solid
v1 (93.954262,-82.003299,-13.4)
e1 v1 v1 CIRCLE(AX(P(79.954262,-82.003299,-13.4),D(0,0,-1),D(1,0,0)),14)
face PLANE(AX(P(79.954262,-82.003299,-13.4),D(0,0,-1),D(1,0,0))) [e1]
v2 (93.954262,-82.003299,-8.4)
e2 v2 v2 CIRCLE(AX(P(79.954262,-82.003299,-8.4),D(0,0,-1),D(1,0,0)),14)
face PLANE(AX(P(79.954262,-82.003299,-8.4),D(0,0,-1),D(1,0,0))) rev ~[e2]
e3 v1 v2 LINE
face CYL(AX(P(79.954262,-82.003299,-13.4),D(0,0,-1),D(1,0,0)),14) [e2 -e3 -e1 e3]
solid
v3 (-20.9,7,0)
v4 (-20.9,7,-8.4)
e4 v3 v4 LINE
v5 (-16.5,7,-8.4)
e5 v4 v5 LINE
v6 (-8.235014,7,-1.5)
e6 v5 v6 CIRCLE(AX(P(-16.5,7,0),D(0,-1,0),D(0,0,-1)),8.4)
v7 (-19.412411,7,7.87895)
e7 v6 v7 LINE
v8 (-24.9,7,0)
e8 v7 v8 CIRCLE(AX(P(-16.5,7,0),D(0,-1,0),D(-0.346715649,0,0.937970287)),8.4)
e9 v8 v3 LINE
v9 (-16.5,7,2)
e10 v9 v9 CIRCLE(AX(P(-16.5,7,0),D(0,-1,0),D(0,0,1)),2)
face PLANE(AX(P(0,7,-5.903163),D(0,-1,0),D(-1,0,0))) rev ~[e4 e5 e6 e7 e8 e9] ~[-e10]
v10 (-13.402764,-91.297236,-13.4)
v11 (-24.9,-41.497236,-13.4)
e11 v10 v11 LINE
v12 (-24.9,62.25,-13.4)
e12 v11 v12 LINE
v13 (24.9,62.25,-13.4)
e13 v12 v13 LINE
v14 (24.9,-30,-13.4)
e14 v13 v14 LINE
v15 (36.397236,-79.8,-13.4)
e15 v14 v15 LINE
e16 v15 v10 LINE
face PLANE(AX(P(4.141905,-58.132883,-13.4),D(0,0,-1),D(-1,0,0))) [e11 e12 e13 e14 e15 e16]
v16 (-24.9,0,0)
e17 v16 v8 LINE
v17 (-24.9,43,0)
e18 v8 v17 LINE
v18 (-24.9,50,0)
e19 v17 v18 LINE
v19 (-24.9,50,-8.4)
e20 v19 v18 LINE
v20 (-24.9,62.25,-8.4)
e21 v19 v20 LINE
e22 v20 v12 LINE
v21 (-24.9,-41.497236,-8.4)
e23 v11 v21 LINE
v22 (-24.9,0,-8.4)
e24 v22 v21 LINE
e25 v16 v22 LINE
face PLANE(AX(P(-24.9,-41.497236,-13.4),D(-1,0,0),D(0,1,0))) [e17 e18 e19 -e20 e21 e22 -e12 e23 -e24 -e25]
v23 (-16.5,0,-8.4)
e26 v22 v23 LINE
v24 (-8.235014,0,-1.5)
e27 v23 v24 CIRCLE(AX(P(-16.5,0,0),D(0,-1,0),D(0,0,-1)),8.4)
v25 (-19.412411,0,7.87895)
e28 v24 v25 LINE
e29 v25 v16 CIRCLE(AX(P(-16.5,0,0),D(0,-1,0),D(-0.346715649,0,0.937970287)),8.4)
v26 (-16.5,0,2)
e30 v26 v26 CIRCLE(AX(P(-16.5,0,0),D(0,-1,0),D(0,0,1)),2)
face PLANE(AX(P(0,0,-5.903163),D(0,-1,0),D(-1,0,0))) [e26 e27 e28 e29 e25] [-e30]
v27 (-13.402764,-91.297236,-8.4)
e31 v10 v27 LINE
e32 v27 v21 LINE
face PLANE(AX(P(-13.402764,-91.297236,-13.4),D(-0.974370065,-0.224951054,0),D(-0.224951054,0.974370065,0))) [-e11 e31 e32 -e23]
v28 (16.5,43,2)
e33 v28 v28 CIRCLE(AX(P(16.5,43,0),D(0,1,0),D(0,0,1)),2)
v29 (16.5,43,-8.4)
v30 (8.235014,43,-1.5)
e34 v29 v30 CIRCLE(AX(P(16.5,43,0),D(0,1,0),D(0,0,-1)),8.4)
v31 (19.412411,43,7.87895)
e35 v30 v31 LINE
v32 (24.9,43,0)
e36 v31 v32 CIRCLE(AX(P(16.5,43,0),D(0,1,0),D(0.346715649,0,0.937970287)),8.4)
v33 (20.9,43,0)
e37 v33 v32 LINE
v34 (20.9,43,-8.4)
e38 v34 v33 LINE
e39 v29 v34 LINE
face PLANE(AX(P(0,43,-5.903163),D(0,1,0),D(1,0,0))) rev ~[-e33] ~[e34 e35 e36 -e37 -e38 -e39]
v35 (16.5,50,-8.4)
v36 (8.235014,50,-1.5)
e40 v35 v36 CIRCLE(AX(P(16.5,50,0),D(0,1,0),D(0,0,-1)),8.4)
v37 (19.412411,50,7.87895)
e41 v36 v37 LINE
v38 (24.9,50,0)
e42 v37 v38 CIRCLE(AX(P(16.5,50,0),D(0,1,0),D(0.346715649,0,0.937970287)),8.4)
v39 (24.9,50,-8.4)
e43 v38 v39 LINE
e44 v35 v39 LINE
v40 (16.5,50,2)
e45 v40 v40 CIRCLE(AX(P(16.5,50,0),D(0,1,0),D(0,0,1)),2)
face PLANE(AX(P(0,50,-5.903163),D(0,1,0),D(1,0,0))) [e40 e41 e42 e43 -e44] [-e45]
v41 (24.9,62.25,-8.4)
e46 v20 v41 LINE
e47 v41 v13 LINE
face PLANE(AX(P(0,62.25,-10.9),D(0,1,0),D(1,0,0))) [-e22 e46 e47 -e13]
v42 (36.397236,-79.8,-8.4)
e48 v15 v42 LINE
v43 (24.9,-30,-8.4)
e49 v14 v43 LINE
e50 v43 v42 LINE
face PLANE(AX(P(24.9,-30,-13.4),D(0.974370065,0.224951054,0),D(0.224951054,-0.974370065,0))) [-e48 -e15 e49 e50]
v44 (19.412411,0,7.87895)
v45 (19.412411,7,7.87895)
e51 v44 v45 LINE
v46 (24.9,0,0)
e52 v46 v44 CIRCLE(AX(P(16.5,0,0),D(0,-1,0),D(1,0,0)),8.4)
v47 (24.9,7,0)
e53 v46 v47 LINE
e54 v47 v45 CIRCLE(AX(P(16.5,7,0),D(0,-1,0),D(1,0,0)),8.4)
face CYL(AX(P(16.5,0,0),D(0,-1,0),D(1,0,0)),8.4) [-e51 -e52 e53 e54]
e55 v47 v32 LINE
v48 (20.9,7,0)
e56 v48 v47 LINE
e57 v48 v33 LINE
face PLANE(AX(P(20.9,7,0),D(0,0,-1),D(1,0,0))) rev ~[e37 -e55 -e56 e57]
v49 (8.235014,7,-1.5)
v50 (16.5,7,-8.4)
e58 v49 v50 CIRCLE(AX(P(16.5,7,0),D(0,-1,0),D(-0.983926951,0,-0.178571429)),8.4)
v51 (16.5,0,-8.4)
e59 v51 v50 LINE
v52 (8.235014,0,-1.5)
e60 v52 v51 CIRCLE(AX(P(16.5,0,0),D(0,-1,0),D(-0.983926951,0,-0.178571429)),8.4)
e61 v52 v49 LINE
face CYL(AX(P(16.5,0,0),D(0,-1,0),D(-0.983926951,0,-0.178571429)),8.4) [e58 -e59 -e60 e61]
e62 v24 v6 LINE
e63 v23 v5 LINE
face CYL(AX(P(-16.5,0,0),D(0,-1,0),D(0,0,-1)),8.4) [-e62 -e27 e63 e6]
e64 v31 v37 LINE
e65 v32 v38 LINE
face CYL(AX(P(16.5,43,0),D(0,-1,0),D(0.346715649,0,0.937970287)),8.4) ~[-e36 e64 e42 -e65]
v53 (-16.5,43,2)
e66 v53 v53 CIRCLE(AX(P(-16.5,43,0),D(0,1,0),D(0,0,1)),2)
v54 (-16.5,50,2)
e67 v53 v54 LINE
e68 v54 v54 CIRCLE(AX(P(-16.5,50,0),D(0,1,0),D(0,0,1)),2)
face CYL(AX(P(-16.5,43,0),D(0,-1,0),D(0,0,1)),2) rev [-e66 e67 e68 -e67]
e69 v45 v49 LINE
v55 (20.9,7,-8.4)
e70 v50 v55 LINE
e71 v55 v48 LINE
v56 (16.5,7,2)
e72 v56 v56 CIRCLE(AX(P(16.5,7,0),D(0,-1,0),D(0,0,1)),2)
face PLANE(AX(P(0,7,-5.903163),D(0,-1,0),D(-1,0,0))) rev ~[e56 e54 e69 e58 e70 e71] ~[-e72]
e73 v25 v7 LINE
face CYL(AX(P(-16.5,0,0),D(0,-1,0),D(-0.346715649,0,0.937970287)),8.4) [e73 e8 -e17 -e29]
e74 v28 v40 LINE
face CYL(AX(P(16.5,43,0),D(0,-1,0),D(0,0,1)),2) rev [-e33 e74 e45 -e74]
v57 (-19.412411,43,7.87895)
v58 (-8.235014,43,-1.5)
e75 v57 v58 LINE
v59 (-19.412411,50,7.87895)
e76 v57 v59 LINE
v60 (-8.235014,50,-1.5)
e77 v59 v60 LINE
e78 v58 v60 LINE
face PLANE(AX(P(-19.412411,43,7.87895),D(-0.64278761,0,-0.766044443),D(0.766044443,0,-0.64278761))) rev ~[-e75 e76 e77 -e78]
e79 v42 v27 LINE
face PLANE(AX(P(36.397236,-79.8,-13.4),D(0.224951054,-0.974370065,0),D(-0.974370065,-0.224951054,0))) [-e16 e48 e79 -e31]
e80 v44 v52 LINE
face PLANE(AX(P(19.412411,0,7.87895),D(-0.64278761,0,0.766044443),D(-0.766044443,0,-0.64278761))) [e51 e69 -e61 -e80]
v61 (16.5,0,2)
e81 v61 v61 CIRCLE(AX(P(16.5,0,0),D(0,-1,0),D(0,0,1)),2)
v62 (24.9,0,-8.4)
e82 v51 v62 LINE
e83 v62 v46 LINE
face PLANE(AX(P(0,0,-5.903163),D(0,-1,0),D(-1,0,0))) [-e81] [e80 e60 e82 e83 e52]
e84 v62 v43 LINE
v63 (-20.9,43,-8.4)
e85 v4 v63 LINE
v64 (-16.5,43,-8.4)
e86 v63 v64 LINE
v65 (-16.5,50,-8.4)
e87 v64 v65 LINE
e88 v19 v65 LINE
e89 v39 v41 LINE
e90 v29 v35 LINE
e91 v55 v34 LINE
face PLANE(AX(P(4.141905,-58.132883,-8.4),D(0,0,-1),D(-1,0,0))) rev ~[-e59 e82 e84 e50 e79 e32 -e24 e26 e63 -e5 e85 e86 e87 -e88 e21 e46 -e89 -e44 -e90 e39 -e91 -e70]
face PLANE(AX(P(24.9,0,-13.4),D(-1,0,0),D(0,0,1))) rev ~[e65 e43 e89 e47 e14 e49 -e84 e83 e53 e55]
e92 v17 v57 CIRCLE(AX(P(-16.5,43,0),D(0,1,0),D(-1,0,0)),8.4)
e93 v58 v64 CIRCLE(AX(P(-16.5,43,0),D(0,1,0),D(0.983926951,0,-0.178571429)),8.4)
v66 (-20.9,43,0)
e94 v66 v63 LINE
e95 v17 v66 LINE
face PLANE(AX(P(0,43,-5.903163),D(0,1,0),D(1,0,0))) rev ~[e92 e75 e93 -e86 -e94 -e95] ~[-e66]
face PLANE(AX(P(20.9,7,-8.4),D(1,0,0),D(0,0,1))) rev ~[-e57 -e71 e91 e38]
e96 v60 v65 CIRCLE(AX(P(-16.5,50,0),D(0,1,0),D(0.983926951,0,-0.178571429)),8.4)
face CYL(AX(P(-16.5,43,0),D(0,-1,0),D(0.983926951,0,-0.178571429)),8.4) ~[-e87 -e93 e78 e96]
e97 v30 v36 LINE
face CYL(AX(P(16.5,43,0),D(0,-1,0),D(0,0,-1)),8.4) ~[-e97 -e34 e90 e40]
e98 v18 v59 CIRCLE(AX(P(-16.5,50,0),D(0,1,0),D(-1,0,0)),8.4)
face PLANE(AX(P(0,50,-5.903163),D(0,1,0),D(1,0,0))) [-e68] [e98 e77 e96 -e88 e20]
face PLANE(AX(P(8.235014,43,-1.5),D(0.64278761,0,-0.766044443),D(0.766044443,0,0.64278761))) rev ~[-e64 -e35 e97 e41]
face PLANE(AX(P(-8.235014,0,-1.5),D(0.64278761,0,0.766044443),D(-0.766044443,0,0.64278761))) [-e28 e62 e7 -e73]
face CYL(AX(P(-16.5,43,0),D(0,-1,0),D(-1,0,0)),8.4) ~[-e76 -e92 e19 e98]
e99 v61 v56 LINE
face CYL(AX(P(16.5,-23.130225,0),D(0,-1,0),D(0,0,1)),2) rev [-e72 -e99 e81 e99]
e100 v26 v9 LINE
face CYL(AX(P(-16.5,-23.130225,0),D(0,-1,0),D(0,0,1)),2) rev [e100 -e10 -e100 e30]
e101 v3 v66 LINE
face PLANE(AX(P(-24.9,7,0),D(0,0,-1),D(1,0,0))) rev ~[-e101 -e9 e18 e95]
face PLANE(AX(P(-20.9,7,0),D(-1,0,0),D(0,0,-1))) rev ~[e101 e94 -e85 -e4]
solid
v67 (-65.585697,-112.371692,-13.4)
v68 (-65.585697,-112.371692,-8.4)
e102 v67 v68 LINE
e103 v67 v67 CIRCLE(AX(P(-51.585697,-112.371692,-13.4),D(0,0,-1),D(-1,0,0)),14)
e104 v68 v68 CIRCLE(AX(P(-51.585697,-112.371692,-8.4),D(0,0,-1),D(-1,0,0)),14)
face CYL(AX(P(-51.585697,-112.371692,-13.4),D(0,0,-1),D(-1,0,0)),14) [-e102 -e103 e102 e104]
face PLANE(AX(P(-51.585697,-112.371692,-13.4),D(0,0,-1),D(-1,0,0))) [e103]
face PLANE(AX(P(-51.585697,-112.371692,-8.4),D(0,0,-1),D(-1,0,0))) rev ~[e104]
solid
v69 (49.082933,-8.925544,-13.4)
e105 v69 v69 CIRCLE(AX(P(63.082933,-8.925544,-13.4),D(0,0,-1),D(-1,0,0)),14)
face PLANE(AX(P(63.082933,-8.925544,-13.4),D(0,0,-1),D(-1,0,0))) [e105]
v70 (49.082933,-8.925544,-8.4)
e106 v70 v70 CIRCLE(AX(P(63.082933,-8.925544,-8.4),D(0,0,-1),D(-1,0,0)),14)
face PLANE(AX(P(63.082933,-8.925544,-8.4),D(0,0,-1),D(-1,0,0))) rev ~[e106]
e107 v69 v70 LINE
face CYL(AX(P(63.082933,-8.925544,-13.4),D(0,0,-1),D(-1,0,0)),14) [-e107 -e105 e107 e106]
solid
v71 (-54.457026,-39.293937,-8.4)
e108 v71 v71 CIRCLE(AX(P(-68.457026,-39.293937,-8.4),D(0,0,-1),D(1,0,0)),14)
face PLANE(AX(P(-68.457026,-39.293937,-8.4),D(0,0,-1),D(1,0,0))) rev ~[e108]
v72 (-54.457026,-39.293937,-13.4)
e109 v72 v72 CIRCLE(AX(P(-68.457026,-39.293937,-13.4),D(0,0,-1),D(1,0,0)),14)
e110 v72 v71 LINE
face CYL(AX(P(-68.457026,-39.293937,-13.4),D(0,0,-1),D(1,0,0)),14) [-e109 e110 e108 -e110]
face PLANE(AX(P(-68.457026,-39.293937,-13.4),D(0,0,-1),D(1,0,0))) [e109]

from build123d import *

# Parameters (mm, degrees)
BOSS_EXTRUDE2_DEPTH     = 7
CUT_EXTRUDE2_DEPTH      = 30.130224853
CUT_EXTRUDE2_DEPTH_BACK = 30.130224853
SKETCH3_R               = 2
BOSS_EXTRUDE3_DEPTH     = 36
SKETCH5_R               = 2
BOSS_EXTRUDE4_DEPTH     = 7
SKETCH13_W              = 49.8
SKETCH13_H              = 5
BOSS_EXTRUDE6_DEPTH     = 12.25
SKETCH15_W              = 49.8
SKETCH15_H              = 5
BOSS_EXTRUDE7_DEPTH     = 30
SKETCH12_R              = 14
BOSS_EXTRUDE8_DEPTH     = 5


with BuildPart() as part:
    # Sketch1 → Boss-Extrude2 (new body)
    with BuildSketch(Plane(origin=(0, 0, 0), x_dir=(1, 0, 0), z_dir=(0, 1, 0))):
        with BuildLine():
            Line((-24.9, 0), (-24.9, 13.4))
            Line((-24.9, 13.4), (24.9, 13.4))
            Line((24.9, 13.4), (24.9, 0))
            ThreePointArc((24.9, 0), (23.392904185, -4.800819919), (19.412411454, -7.878950407))
            Line((19.412411454, -7.878950407), (8.235013612, 1.5))
            ThreePointArc((8.235013612, 1.5), (11.116692467, 6.448255578), (16.5, 8.4))
            Line((16.5, 8.4), (-16.5, 8.4))
            ThreePointArc((-16.5, 8.4), (-11.116692467, 6.448255578), (-8.235013612, 1.5))
            Line((-8.235013612, 1.5), (-19.412411454, -7.878950407))
            ThreePointArc((-19.412411454, -7.878950407), (-23.392904185, -4.800819919), (-24.9, 0))
        make_face()
    extrude(amount=BOSS_EXTRUDE2_DEPTH)

    # Sketch3 → Cut-Extrude2 (cut, two sides: drawn at the far end of the back side and taken through both)
    with BuildSketch(Plane(origin=(0, 7, 0), x_dir=(1, 0, 0), z_dir=(0, 1, 0)).offset(-CUT_EXTRUDE2_DEPTH_BACK)):
        with Locations(Location((-16.5, 0, 0), (0, 0, 270))):
            Circle(SKETCH3_R)
        with Locations(Location((16.5, 0, 0), (0, 0, 270))):
            Circle(SKETCH3_R)
    extrude(amount=CUT_EXTRUDE2_DEPTH + CUT_EXTRUDE2_DEPTH_BACK, mode=Mode.SUBTRACT)

    # Sketch4 → Boss-Extrude3 (add)
    with BuildSketch(Plane(origin=(0, 7, 0), x_dir=(1, 0, 0), z_dir=(0, 1, 0))):
        Polygon((-24.9, 13.4), (-24.9, 0), (-20.9, 0), (-20.9, 8.4), (-16.5, 8.4), (16.5, 8.4), (20.9, 8.4), (20.9, 0), (24.9, 0), (24.9, 13.4), align=None)
    extrude(amount=BOSS_EXTRUDE3_DEPTH)

    # Sketch5 → Boss-Extrude4 (add)
    with BuildSketch(Plane(origin=(0, 43, 0), x_dir=(1, 0, 0), z_dir=(0, 1, 0))):
        with BuildLine():
            Line((-24.9, 13.4), (-24.9, 0))
            ThreePointArc((-24.9, 0), (-23.392904185, -4.800819919), (-19.412411454, -7.878950407))
            Line((-19.412411454, -7.878950407), (-8.235013612, 1.5))
            ThreePointArc((-8.235013612, 1.5), (-11.116692467, 6.448255578), (-16.5, 8.4))
            Line((-16.5, 8.4), (16.5, 8.4))
            ThreePointArc((16.5, 8.4), (11.116692467, 6.448255578), (8.235013612, 1.5))
            Line((8.235013612, 1.5), (19.412411454, -7.878950407))
            ThreePointArc((19.412411454, -7.878950407), (23.392904185, -4.800819919), (24.9, 0))
            Line((24.9, 0), (24.9, 13.4))
            Line((24.9, 13.4), (-24.9, 13.4))
        make_face()
        with Locations(Location((16.5, 0, 0), (0, 0, 270))):
            Circle(SKETCH5_R, mode=Mode.SUBTRACT)
        with Locations(Location((-16.5, 0, 0), (0, 0, 270))):
            Circle(SKETCH5_R, mode=Mode.SUBTRACT)
    extrude(amount=BOSS_EXTRUDE4_DEPTH)

    # Sketch13 → Boss-Extrude6 (add)
    with BuildSketch(Plane(origin=(0, 50, 0), x_dir=(1, 0, 0), z_dir=(0, 1, 0))):
        with Locations((0, 10.9)):
            Rectangle(SKETCH13_W, SKETCH13_H)
    extrude(amount=BOSS_EXTRUDE6_DEPTH)

    # Sketch15 → Boss-Extrude7 (add)
    with BuildSketch(Plane.XZ):
        with Locations((0, -10.9)):
            Rectangle(SKETCH15_W, SKETCH15_H)
    extrude(amount=BOSS_EXTRUDE7_DEPTH)

    # Sketch12 → Boss-Extrude8 (add)
    with BuildSketch(Plane(origin=(0, 0, -13.4), x_dir=(-1, 0, 0), z_dir=(0, 0, -1))):
        with Locations((-63.082932794, -8.925544361)):
            Circle(SKETCH12_R)
        with Locations(Location((-79.95426187, -82.00329922, 0), (0, 0, 180))):
            Circle(SKETCH12_R)
        with Locations(Location((68.457025952, -39.293936698, 0), (0, 0, 180))):
            Circle(SKETCH12_R)
        with Locations((51.585696876, -112.371691557)):
            Circle(SKETCH12_R)
        Polygon((-24.9, -30), (-36.397235918, -79.8), (13.402764082, -91.297235918), (24.9, -41.497235918), (24.9, -30), align=None)
    extrude(amount=-BOSS_EXTRUDE8_DEPTH)


with BuildPart() as boss_extrude8_piece_1:
    # of the separate pieces the step leaves, piece 1, a body of its own (boss_extrude8_pieces)
    add(part.part.solids().sort_by_distance((-8.235013612, 0, -1.5))[0])


with BuildPart() as boss_extrude8_piece_2:
    # of the separate pieces the step leaves, piece 2, a body of its own (boss_extrude8_pieces)
    add(part.part.solids().sort_by_distance((-65.585696876, -112.371691557, -13.4))[0])


with BuildPart() as boss_extrude8_piece_3:
    # of the separate pieces the step leaves, piece 3, a body of its own (boss_extrude8_pieces)
    add(part.part.solids().sort_by_distance((93.95426187, -82.00329922, -13.4))[0])


with BuildPart() as boss_extrude8_piece_4:
    # of the separate pieces the step leaves, piece 4, a body of its own (boss_extrude8_pieces)
    add(part.part.solids().sort_by_distance((-54.457025952, -39.293936698, -13.4))[0])


with BuildPart() as boss_extrude8_piece_5:
    # of the separate pieces the step leaves, piece 5, a body of its own (boss_extrude8_pieces)
    add(part.part.solids().sort_by_distance((49.082932794, -8.925544361, -13.4))[0])


solid = Compound([boss_extrude8_piece_1.part, boss_extrude8_piece_2.part, boss_extrude8_piece_3.part, boss_extrude8_piece_4.part, boss_extrude8_piece_5.part])
